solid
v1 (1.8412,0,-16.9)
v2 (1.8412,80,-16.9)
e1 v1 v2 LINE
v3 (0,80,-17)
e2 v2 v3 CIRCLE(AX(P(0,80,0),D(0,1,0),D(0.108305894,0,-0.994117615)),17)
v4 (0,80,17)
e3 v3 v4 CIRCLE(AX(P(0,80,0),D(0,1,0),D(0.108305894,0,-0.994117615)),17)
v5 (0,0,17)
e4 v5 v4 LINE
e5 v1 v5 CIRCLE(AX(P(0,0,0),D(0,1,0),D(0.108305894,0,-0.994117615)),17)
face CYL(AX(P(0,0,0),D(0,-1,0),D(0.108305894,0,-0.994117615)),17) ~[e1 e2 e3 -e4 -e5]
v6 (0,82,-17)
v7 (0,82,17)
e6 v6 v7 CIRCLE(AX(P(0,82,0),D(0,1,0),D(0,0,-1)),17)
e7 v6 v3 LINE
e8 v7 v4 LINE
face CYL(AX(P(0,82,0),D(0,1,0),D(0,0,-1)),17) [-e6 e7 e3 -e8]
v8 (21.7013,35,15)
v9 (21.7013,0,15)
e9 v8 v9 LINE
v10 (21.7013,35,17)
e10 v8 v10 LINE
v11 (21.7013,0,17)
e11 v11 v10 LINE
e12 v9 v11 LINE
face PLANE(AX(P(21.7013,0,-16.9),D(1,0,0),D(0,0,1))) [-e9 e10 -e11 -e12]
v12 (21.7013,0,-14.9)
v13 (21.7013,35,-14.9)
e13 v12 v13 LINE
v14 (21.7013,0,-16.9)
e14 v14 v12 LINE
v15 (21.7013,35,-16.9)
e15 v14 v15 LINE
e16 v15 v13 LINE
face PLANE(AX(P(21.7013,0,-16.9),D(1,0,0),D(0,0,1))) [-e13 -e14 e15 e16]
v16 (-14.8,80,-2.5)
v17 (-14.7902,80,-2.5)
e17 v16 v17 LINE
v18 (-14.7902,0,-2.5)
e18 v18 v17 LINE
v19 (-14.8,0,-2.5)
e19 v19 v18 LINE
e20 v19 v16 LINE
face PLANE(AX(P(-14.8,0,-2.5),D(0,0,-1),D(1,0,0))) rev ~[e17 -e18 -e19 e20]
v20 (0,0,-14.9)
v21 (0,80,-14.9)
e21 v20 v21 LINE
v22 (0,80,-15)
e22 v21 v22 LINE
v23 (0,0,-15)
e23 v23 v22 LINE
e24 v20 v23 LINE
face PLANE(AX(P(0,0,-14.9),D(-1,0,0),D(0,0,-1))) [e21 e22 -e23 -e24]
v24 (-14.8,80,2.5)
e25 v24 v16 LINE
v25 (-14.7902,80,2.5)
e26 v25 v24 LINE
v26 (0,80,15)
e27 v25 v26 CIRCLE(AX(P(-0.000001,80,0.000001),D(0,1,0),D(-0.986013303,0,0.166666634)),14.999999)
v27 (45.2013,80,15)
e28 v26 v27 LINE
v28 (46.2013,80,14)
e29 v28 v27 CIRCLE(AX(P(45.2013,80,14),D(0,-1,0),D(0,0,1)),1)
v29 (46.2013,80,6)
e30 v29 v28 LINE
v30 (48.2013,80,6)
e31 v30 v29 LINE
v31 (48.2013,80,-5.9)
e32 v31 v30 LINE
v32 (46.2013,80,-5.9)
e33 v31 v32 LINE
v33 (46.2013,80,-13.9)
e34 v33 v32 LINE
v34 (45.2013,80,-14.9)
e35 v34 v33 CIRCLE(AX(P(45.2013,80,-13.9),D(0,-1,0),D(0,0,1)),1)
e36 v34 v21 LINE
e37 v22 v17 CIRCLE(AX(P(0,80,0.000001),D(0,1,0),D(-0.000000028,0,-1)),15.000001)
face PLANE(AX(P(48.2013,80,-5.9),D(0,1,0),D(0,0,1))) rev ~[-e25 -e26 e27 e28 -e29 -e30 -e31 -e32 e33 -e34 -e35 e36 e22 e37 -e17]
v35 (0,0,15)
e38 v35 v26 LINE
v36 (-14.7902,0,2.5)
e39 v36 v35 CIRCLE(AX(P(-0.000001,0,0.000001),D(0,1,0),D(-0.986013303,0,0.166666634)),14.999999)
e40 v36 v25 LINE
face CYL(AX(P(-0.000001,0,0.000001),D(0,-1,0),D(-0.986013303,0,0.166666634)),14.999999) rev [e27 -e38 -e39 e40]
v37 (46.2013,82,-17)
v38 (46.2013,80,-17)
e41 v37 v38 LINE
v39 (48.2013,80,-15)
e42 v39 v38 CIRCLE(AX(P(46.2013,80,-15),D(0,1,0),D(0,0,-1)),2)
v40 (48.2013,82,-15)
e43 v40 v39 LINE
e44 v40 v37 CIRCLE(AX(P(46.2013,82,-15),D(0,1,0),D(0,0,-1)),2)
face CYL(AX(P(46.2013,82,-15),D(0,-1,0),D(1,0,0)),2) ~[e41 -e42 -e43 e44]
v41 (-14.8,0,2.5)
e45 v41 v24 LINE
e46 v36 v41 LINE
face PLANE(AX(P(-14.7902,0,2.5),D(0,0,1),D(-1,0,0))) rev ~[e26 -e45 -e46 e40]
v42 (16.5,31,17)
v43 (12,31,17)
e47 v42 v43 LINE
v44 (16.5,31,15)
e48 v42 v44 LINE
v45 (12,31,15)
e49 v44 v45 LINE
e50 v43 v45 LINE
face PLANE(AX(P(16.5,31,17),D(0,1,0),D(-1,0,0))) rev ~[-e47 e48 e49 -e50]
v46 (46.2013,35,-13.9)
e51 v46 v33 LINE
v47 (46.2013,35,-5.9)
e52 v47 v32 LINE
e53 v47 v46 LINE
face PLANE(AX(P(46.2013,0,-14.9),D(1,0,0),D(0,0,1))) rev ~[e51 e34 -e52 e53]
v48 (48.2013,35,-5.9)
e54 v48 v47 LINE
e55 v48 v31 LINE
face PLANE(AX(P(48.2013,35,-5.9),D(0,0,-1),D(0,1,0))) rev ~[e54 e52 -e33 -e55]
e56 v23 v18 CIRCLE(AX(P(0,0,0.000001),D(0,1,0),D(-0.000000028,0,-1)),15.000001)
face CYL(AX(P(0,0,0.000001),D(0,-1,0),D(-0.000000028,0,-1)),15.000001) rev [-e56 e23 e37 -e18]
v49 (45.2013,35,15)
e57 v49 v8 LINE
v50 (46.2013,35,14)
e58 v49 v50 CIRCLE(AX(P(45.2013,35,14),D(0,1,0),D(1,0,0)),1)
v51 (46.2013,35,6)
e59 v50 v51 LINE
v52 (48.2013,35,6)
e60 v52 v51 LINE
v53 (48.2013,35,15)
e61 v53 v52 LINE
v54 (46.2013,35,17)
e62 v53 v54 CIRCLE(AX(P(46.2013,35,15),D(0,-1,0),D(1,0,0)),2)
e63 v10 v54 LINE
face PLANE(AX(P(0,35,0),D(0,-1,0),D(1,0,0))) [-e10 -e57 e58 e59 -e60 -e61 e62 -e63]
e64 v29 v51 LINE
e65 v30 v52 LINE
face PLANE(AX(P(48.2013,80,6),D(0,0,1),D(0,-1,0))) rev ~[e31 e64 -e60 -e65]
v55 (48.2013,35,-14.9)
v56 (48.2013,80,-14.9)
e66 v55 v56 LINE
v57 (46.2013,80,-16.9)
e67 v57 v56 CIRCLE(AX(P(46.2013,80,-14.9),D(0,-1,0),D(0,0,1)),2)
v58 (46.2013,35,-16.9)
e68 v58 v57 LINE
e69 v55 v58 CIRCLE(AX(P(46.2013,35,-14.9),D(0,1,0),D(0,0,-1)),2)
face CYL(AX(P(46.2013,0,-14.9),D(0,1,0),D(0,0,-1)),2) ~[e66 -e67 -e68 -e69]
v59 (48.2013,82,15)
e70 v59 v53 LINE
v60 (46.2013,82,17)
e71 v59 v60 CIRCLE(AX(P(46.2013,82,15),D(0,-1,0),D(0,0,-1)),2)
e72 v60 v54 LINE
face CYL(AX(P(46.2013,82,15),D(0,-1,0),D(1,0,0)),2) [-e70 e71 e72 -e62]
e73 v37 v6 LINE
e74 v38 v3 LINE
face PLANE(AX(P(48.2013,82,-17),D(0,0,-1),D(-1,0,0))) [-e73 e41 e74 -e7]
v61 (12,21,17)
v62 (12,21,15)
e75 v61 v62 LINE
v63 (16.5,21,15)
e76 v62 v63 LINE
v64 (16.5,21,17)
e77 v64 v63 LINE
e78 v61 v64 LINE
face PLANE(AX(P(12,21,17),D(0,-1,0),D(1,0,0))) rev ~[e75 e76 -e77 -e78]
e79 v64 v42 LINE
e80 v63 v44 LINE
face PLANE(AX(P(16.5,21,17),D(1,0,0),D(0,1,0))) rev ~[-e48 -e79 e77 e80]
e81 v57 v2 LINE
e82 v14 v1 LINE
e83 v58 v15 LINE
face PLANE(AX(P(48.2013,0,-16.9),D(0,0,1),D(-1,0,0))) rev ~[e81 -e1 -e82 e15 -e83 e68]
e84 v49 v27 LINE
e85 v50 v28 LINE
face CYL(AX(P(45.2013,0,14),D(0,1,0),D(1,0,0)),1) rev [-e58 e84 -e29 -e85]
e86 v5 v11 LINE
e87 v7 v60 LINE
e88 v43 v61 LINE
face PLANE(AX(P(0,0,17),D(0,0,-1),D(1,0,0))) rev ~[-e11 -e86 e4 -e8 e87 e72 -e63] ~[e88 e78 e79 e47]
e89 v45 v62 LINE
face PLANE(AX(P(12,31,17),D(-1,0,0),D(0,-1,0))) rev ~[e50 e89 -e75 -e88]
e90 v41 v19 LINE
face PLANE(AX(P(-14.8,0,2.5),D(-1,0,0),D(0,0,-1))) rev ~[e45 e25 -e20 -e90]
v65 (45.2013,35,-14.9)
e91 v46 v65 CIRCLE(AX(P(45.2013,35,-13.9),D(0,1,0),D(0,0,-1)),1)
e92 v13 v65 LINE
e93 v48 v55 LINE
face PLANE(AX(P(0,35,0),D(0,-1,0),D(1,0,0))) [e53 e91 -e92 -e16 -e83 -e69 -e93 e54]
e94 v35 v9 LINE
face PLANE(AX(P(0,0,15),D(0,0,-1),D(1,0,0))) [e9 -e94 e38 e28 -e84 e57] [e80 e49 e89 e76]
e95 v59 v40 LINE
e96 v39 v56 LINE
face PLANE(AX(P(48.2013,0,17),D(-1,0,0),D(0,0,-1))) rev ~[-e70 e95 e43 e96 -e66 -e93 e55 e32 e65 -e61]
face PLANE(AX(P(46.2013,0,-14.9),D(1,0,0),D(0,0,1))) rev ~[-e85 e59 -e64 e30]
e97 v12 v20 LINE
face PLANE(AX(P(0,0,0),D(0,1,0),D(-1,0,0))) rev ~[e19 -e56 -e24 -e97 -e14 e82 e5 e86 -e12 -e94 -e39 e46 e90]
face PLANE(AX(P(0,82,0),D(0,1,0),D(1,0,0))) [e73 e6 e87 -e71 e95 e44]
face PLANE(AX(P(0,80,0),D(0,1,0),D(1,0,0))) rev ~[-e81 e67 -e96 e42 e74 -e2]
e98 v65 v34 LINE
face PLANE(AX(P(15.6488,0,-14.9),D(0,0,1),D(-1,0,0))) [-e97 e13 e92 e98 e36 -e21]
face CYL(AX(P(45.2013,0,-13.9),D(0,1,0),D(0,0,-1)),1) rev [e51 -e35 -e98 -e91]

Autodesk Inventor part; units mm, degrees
ref_plane "YZ Plane" through (0, 0, 0) normal (1, 0, 0) x (0, 1, 0)
ref_plane "XZ Plane" through (0, 0, 0) normal (0, 1, 0) x (-1, 0, 0)
sketch "Sketch1" plane through (0, 0, 0) normal (0, 1, 0) x (-1, 0, 0)
  line L0 (-15.6488, -14.9) -> (-4.1777, -14.9)
  line L1 (-4.1777, 15) -> (-13.2013, 15)
  line L2 (14.7902, 2.5) -> (14.8, 2.5)
  line L3 (14.8, 2.5) -> (14.8, -2.5)
  line L4 (14.8, -2.5) -> (14.7902, -2.5)
  arc A0 (0, -15) -> (14.7902, -2.5) centre (0, 0) ccw
  arc A1 (14.7902, 2.5) -> (0, 15) centre (0, 0) ccw
  line L5 (0.0236, 15) -> (0.0236, 15.0064)
  line L6 (0.0236, 15) -> (-4.1777, 15)
  line L7 (-4.1777, 15) -> (-4.1777, 15)
  line L8 (-0.1777, -14.9) -> (-4.1777, -14.9)
  line L9 (-4.1777, -14.9) -> (0, -14.9)
  line L10 (-4.1777, -14.9) -> (-4.1777, -14.9)
  line L11 (-13.2013, 15) -> (-46.2013, 15)
  line L12 (-15.6488, -14.9) -> (-46.2013, -14.9)
  line L13 (-46.2013, -14.9) -> (-46.2013, 15)
  arc A2 (-1.8412, -16.9) -> (0, 17) centre (0, 0) ccw
  line L14 (0, 17) -> (-48.2013, 17)
  line L15 (-48.2013, 17) -> (-48.2013, -16.9)
  line L16 (-48.2013, -16.9) -> (-1.8412, -16.9)
  line L17 (0.0236, 15) -> (0.0236, 15)
  line L18 (0, -14.9) -> (0, -15)
  point P0 (-13.2013, 0)
  point P1 (12.5, 0)
  point P2 (11.0065, 21.7068)
  point P3 (11.0065, 50.7004)
  dimension "d7" = 33
  dimension "d8" = 2
  dimension "d9" = 2
  dimension "d10" = 2
  dimension "d11" = 2
  dimension "d39" = 15
  dimension "d90" = 33.9
  dimension "d91" = 29.9
  dimension "d92" = 2
  dimension "d93" = 2
  dimension "d94" = 2.2
  dimension "d95" = 14.8
extrude "Extrusion1" add sketch "Sketch1" along normal blind 80
ref_plane "Work Plane1" through (0, 82, 0) normal (0, 1, 0) x (1, 0, 0)
sketch "Sketch3" plane through (0, 82, 0) normal (0, 1, 0) x (1, 0, 0)
  arc A0 (0, 17) -> (0, -17) centre (0, 0) ccw
  line L0 (0, -17) -> (48.2013, -17)
  line L1 (48.2013, -17) -> (48.2013, 17)
  line L2 (48.2013, 17) -> (0, 17)
  point P0 (13.2013, 0)
  point P1 (-14.9845, -166.3883)
  point P2 (-14.9845, -137.3947)
  point P3 (-26.1687, -202.0885)
extrude "Extrusion2" add sketch "Sketch3" against normal up to surface (2 mm away)
sketch "Sketch4" plane through (48.2013, 0, -16.9) normal (0, 0, -1) x (-1, 0, 0)
  point P0 (48.2013, 0)
fillet "Fillet1" radius 2 2 edges at (48.2013, 40, -16.9) (48.2013, 41, 17)
fillet "Fillet2" radius 1 2 edges at (46.2013, 40, 15) (46.2013, 40, -14.9)
fillet "Fillet3" radius 2 1 edges at (48.2013, 81, -17)
sketch "Sketch10" plane through (0, 0, 0) normal (0, -1, 0) x (1, 0, 0)
  line L0 (0, -17) -> (46.2013, -17) projected
  line L1 (23.9488, -17) -> (41.9488, -17)
  line L2 (41.9488, -17) -> (41.9488, -3)
  line L3 (41.9488, -3) -> (23.9488, -3)
  line L4 (23.9488, -3) -> (23.9488, -17)
  point P0 (0, 0)
  dimension "d79" = 14
  dimension "d80" = 18
sketch "Sketch11" plane through (0, 0, 0) normal (0, -1, 0) x (1, 0, 0)
  line L0 (0, 17) -> (46.2013, 17) projected
  line L1 (21.7013, 17) -> (48.2013, 17)
  line L2 (48.2013, 17) -> (48.2013, -16.9)
  line L3 (48.2013, -16.9) -> (21.7013, -16.9)
  line L4 (21.7013, -16.9) -> (21.7013, 17)
  line L5 (48.2013, 15) -> (48.2013, -14.9) projected
  point P0 (0, 0)
  dimension "d86" = 26.5
  dimension "d87" = 0
extrude "Extrusion8" cut sketch "Sketch11" against normal blind 35
sketch "Sketch12" plane through (48.2013, 82, 15) normal (1, 0, 0) x (0, 0, -1)
  line L0 (0, -47) -> (29.9, -47) projected
  line L1 (9, -47) -> (20.9, -47)
  line L2 (20.9, -47) -> (20.9, -2)
  line L3 (20.9, -2) -> (9, -2)
  line L4 (9, -2) -> (9, -47)
  line L5 (29.9, -2) -> (29.9, -47) projected
  line L6 (0, -47) -> (0, 0) projected
  line L7 (0, 0) -> (30, 0) projected
  point P0 (15, -82)
  dimension "d97" = 9
  dimension "d98" = 9
  dimension "d99" = 2
extrude "Extrusion9" cut sketch "Sketch12" against normal up to surface (2 mm away)
sketch "Sketch13" plane through (0, 0, 17) normal (0, 0, 1) x (1, 0, 0)
  line L0 (16.5, 31) -> (12, 31)
  line L1 (12, 31) -> (12, 21)
  line L2 (12, 21) -> (16.5, 21)
  line L3 (16.5, 21) -> (16.5, 31)
  line L4 (0, 0) -> (21.7013, 0) projected
  line L5 (0, 0) -> (0, 82) projected
  line L6 (0, 82) -> (46.2013, 82) projected
  dimension "d103" = 12
  dimension "d107" = 61
  dimension "d108" = 4.5
  dimension "d109" = 10
extrude "Extrusion10" cut sketch "Sketch13" against normal up to surface (2 mm away)
properties part number "schranka"
